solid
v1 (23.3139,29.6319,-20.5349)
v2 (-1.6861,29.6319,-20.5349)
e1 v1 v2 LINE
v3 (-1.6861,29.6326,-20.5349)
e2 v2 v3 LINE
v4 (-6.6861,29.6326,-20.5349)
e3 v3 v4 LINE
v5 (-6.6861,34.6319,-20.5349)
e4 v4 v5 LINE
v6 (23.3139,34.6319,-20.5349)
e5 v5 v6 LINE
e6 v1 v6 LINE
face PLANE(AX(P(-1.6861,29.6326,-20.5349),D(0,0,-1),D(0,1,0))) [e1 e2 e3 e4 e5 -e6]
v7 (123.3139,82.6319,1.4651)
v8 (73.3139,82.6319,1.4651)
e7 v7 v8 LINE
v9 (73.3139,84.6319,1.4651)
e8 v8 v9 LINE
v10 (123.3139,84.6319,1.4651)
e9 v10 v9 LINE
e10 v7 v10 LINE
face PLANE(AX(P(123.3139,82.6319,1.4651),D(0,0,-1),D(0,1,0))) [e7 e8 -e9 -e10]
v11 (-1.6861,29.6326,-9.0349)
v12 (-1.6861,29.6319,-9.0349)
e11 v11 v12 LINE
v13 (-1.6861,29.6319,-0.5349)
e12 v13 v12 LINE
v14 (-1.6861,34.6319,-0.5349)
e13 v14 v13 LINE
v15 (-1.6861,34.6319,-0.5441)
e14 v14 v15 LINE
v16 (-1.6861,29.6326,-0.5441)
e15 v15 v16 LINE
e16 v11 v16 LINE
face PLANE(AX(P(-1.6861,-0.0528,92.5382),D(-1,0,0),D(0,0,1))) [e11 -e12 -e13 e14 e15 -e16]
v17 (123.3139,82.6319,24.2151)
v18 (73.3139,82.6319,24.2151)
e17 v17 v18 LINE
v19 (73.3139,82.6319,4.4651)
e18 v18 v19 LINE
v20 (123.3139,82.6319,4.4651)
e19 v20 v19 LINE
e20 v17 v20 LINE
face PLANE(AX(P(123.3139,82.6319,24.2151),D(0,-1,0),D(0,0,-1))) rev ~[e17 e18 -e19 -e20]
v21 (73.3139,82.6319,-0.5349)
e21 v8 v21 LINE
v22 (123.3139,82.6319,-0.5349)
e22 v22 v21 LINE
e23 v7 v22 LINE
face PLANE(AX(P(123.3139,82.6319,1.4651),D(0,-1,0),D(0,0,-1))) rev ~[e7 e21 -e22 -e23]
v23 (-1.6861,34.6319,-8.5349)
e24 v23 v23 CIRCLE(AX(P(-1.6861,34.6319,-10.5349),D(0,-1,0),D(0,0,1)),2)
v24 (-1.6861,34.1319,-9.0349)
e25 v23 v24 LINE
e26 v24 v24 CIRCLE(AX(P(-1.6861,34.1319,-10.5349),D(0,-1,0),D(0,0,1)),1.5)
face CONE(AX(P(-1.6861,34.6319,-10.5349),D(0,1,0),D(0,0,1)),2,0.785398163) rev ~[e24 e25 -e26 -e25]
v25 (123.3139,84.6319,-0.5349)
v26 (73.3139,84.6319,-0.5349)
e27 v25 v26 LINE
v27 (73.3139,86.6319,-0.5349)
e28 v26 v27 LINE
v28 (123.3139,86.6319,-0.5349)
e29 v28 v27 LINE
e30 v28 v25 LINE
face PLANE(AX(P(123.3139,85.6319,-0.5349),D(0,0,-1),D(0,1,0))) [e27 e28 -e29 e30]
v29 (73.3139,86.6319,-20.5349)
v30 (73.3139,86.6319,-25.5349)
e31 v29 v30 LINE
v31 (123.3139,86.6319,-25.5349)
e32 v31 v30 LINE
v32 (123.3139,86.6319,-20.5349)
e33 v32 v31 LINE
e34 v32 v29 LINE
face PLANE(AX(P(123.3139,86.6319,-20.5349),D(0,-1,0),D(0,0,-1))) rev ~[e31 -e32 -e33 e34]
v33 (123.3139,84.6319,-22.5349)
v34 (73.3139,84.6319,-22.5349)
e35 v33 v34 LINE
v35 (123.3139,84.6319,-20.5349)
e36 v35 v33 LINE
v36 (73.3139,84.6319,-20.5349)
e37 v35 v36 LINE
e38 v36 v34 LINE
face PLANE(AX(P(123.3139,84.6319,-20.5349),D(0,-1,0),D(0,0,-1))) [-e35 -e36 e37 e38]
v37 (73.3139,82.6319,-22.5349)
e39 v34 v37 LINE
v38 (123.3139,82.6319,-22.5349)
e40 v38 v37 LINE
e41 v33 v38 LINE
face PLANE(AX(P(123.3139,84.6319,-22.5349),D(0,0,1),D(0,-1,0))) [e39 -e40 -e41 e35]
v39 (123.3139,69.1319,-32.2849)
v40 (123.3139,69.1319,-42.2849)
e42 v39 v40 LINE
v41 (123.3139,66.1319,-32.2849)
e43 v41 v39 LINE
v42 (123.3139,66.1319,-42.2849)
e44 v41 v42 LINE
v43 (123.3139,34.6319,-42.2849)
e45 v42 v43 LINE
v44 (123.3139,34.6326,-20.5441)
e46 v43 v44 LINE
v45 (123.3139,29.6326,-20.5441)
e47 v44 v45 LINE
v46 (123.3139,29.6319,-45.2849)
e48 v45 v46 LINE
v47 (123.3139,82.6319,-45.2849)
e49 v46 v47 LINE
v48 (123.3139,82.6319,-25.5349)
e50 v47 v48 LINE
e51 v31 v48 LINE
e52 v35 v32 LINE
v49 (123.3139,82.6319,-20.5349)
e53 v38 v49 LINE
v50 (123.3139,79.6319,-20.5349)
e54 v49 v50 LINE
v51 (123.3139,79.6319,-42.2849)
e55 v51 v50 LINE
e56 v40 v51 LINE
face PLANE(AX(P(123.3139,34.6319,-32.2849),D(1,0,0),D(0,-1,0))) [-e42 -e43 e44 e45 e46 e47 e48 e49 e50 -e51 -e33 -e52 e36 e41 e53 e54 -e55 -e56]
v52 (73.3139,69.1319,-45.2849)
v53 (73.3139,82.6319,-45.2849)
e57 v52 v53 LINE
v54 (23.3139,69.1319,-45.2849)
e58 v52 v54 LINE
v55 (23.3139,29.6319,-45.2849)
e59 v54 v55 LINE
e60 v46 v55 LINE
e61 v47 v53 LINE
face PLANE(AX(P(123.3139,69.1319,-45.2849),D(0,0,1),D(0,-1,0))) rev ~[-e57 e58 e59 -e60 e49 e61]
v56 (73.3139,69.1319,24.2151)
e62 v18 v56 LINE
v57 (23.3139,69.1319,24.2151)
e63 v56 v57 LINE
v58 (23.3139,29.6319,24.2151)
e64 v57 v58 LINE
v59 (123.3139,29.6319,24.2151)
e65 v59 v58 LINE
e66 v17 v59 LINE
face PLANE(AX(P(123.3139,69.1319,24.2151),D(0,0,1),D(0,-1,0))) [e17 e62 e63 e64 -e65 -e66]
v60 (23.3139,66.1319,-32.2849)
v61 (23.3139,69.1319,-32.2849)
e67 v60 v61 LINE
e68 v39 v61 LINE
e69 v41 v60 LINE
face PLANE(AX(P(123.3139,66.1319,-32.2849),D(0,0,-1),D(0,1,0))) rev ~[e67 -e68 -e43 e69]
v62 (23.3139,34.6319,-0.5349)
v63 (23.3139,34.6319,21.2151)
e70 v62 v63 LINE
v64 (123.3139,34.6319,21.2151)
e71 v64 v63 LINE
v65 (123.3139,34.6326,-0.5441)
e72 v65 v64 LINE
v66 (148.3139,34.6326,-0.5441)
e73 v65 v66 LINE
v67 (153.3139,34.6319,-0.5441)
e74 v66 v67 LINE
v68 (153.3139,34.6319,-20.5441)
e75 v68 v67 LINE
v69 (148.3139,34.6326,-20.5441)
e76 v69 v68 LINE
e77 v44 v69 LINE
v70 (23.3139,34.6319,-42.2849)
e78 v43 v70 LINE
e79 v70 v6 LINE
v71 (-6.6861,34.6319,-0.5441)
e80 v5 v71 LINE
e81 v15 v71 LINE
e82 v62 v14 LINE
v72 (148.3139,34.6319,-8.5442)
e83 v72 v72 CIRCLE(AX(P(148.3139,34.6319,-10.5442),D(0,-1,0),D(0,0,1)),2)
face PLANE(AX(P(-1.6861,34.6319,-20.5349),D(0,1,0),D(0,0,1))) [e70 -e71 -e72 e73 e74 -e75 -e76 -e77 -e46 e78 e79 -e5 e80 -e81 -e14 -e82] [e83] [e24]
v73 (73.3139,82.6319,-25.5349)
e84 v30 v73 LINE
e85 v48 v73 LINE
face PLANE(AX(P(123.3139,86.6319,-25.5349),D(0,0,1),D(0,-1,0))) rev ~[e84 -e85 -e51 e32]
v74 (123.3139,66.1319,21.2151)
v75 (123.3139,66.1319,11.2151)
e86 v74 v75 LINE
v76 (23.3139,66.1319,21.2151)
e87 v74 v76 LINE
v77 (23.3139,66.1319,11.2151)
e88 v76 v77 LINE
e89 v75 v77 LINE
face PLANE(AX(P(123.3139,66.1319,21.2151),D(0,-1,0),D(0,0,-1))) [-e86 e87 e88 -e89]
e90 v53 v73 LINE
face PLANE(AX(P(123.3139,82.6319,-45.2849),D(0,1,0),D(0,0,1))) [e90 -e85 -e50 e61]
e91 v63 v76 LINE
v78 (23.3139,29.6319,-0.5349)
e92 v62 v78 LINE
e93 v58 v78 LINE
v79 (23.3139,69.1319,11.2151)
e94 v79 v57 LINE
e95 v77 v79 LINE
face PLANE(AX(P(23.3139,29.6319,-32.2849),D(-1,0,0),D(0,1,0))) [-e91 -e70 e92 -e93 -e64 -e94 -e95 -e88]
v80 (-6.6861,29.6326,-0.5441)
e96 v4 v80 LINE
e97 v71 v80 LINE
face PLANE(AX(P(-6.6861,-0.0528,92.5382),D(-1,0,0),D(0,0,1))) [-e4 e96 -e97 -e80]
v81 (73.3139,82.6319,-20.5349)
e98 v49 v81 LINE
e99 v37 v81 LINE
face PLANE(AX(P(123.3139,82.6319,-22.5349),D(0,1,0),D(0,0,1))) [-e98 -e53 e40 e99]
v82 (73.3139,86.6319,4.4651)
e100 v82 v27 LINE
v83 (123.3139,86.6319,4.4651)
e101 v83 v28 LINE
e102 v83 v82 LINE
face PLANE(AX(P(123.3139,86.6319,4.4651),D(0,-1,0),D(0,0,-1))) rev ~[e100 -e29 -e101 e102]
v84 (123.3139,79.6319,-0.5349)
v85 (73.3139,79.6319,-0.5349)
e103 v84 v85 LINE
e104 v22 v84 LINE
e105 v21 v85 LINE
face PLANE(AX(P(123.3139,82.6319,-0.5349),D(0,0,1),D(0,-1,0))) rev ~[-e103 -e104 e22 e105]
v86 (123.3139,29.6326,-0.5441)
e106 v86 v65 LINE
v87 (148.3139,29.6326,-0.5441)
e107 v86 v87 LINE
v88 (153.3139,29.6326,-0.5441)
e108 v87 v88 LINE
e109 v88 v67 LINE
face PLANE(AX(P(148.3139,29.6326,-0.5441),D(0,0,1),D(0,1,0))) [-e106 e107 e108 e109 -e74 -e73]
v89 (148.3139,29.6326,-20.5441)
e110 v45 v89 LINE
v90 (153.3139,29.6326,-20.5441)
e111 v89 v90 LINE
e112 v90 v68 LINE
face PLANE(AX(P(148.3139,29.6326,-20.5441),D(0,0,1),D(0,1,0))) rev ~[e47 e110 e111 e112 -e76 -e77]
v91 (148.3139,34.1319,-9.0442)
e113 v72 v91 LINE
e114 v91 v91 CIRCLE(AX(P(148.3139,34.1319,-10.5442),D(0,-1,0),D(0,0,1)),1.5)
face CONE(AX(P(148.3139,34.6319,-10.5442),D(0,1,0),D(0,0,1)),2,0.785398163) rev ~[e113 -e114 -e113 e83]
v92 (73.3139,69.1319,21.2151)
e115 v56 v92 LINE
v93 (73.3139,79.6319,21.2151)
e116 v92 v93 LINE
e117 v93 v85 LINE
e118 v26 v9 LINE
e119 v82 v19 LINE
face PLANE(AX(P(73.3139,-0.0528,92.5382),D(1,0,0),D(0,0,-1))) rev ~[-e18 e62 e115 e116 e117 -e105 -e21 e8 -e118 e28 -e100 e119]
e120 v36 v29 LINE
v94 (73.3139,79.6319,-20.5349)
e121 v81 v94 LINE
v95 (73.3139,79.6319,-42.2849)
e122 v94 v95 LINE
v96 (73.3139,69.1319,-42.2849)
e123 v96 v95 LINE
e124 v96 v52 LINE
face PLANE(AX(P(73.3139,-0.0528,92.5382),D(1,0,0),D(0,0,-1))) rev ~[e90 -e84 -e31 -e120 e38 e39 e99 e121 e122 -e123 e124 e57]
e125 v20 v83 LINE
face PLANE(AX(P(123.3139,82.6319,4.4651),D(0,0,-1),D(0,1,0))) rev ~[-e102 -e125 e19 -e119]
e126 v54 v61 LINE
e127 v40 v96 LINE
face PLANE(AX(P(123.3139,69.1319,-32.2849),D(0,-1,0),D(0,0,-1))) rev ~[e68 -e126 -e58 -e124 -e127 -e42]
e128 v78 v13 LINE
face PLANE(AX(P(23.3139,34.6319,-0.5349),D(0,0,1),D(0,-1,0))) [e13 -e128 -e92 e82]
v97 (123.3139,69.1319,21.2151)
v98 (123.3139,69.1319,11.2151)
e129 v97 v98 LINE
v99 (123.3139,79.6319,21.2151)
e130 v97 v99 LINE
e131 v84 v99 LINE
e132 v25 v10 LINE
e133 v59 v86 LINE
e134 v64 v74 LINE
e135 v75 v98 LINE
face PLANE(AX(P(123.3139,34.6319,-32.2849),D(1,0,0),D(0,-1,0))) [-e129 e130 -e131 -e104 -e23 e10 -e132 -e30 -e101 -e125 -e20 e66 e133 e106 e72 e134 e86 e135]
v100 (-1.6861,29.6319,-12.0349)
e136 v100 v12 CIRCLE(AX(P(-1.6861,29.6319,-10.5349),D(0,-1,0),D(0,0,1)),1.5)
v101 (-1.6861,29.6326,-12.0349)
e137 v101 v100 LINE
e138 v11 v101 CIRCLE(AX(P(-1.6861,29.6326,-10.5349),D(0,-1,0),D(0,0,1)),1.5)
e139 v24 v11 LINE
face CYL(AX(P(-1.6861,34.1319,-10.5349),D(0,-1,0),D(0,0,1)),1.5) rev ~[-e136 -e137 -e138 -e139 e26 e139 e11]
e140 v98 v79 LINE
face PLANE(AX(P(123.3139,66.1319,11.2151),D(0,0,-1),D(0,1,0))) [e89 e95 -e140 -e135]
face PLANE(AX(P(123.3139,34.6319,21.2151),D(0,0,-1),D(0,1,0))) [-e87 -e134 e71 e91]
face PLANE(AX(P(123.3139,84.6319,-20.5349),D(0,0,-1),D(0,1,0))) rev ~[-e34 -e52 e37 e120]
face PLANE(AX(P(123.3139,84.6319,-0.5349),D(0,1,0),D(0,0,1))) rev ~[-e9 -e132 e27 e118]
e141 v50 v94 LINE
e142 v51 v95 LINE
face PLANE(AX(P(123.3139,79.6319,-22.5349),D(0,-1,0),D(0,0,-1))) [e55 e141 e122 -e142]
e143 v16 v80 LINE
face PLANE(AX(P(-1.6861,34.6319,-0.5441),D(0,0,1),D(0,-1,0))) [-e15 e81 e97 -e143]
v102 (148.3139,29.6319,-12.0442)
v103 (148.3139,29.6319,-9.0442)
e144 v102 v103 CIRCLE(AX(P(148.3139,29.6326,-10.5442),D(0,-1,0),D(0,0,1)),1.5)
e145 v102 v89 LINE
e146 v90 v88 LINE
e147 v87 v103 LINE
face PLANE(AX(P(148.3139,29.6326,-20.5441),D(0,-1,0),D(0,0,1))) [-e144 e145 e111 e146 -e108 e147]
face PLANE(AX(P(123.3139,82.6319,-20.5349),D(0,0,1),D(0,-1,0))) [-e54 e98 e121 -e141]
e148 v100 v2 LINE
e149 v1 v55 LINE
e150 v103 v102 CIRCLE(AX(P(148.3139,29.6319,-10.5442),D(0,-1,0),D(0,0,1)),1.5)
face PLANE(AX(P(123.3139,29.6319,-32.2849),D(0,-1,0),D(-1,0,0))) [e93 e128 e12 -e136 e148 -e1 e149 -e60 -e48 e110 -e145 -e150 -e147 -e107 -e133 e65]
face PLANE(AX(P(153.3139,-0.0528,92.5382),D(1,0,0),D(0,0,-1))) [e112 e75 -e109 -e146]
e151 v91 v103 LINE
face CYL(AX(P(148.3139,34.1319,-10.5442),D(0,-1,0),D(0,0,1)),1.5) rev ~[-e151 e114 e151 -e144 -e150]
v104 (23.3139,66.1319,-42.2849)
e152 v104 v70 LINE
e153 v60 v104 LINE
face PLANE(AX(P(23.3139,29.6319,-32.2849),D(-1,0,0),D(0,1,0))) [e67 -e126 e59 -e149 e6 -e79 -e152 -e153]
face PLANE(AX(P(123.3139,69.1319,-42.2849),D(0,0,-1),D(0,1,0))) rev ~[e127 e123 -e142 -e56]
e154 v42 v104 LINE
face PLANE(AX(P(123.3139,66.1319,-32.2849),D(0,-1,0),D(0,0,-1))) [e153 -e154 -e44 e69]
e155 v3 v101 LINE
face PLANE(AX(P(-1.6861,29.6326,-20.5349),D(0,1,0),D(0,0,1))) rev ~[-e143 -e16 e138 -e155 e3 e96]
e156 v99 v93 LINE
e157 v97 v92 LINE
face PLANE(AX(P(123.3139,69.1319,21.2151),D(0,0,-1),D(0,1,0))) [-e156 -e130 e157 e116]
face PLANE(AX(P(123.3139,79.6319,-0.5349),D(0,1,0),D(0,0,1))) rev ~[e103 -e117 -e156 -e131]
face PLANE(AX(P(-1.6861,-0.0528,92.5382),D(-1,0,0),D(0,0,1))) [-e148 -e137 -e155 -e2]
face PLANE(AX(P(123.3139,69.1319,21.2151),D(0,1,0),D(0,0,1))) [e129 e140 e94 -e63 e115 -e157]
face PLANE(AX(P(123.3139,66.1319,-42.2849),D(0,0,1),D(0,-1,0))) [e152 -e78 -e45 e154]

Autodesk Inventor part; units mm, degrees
ref_plane "YZ Plane" through (0, 0, 0) normal (1, 0, 0) x (0, 1, 0)
ref_plane "Piano di lavoro9" through (123.3139, -0.0528, 92.5382) normal (1, 0, 0) x (0, 0, -1)
sketch "Schizzo5" plane through (123.3139, -0.0528, 92.5382) normal (1, 0, 0) x (0, 0, -1)
  line L0 (71.3231, 66.1847) -> (134.8231, 66.1847)
  line L1 (134.8231, 66.1847) -> (134.8231, 34.6847)
  line L2 (134.8231, 34.6847) -> (71.3231, 34.6847)
  line L3 (71.3231, 34.6847) -> (71.3231, 66.1847)
  line L4 (71.3231, 34.6847) -> (81.3231, 34.6847)
  line L5 (81.3231, 34.6847) -> (81.3231, 29.6847)
  line L6 (81.3231, 29.6847) -> (71.3231, 29.6847)
  line L7 (134.8231, 34.6847) -> (124.8231, 34.6847)
  line L8 (124.8231, 34.6847) -> (124.8231, 29.6847)
  line L9 (124.8231, 29.6847) -> (134.8231, 29.6847)
  line L10 (71.3231, 66.1847) -> (81.3231, 66.1847)
  line L11 (81.3231, 66.1847) -> (81.3231, 69.1847)
  line L12 (81.3231, 69.1847) -> (71.3231, 69.1847)
  line L13 (134.8231, 66.1847) -> (124.8231, 66.1847)
  line L14 (124.8231, 66.1847) -> (124.8231, 69.1847)
  line L15 (124.8231, 69.1847) -> (134.8231, 69.1847)
  line L16 (71.3231, 69.1847) -> (68.3231, 69.1847)
  line L17 (68.3231, 69.1847) -> (68.3231, 29.6847)
  line L18 (68.3231, 29.6847) -> (71.3231, 29.6847)
  line L19 (71.3231, 34.6847) -> (71.3231, 66.1847)
  line L20 (134.8231, 69.1847) -> (137.8231, 69.1847)
  line L21 (137.8231, 69.1847) -> (137.8231, 29.6847)
  line L22 (137.8231, 29.6847) -> (134.8231, 29.6847)
  point P0 (92.5382, 0.0528)
  dimension "d18" = 63.5
  dimension "d19" = 31.5
  dimension "d20" = 10
  dimension "d21" = 5
  dimension "d22" = 10
  dimension "d23" = 5
  dimension "d24" = 10
  dimension "d25" = 3
  dimension "d26" = 10
  dimension "d27" = 3
  dimension "d28" = 3
  dimension "d29" = 3
extrude "Estrusione3" add sketch "Schizzo5" against normal blind 100 contours L3 L2 L5 L6 L18 L17 L16 L12 L11 L0 | L14 L15 L20 L21 L22 L9 L8 L2 L1 L0
ref_plane "Piano di lavoro11" through (123.3139, -0.0528, 92.5382) normal (1, 0, 0) x (0, 0, -1)
sketch "Schizzo6" plane through (123.3139, -0.0528, 92.5382) normal (1, 0, 0) x (0, 0, -1)
  line L0 (71.3231, 66.1847) -> (81.3231, 66.1847) projected
  line L1 (81.3231, 34.6847) -> (71.3231, 34.6847) projected
  line L2 (81.3231, 29.6847) -> (81.3231, 34.6847) projected
  line L3 (134.8231, 66.1847) -> (134.8231, 34.6847) projected
  line L4 (71.3231, 34.6847) -> (71.3231, 66.1847) projected
  line L5 (68.3231, 99.6847) -> (137.155, 99.6847)
  line L6 (124.8231, 69.1847) -> (137.8231, 69.1847) projected
  line L7 (137.8231, 69.1847) -> (134.8231, 69.1847)
  line L8 (134.8231, 69.1847) -> (134.8231, 79.6847)
  line L9 (137.8231, 79.6847) -> (137.8231, 69.1847)
  line L10 (71.3231, 69.1847) -> (71.3231, 79.6847)
  line L11 (68.3231, 79.6847) -> (68.3231, 69.1847)
  line L12 (115.0731, 79.6847) -> (134.8231, 79.6847)
  line L13 (137.8231, 79.6847) -> (137.8231, 82.6847)
  line L14 (137.8231, 82.6847) -> (118.0731, 82.6847)
  line L15 (91.0731, 79.6847) -> (71.3231, 79.6847)
  line L16 (68.3231, 79.6847) -> (68.3231, 82.6847)
  line L17 (68.3231, 82.6847) -> (88.0731, 82.6847)
  line L18 (91.0731, 82.6847) -> (93.0731, 82.6847)
  line L19 (93.0731, 82.6847) -> (93.0731, 79.6847)
  line L20 (93.0731, 79.6847) -> (91.0731, 79.6847)
  line L21 (115.0731, 82.6847) -> (113.0731, 82.6847)
  line L22 (113.0731, 82.6847) -> (113.0731, 79.6847)
  line L23 (113.0731, 79.6847) -> (115.0731, 79.6847)
  line L24 (91.0731, 82.6847) -> (91.0731, 84.6847)
  line L25 (88.0731, 82.6847) -> (88.0731, 85.6847)
  line L26 (93.0731, 85.6847) -> (93.0731, 84.6847)
  line L27 (93.0731, 84.6847) -> (91.0731, 84.6847)
  line L28 (113.0731, 84.6847) -> (115.0731, 84.6847)
  line L29 (93.0731, 85.6847) -> (93.0731, 86.6847)
  line L30 (88.0731, 85.6847) -> (88.0731, 86.6847)
  line L31 (88.0731, 86.6847) -> (93.0731, 86.6847)
  line L32 (113.0731, 84.6847) -> (113.0731, 86.6847)
  line L33 (113.0731, 86.6847) -> (118.0731, 86.6847)
  line L34 (118.0731, 86.6847) -> (118.0731, 82.6847)
  line L35 (115.0731, 84.6847) -> (115.0731, 82.6847)
  line L36 (68.3231, 69.1847) -> (81.3231, 69.1847) projected
  line L37 (71.3231, 69.1847) -> (68.3231, 69.1847)
  point P0 (92.5382, 0.0528)
  point P1 (68.3231, 29.6847)
  dimension "d32" = 70
  dimension "d33" = 31.5
  dimension "d35" = 63.5
  dimension "d37" = 3
  dimension "d38" = 10.5
  dimension "d39" = 3
  dimension "d40" = 10.5
  dimension "d43" = 3
  dimension "d44" = 3
  dimension "d45" = 2
  dimension "d46" = 2
  dimension "d47" = 2
  dimension "d50" = 2
  dimension "d54" = 2
  dimension "d55" = 4
  dimension "d56" = 5
  dimension "d57" = 2
  dimension "d58" = 2
  dimension "d59" = 5
extrude "Estrusione4" add sketch "Schizzo6" against normal blind 50
sketch "Schizzo7" plane through (123.3139, 29.6319, -32.2849) normal (0, 0, 1) x (1, 0, 0)
  line L0 (0, 5) -> (0, 0) projected
  line L1 (0, 5) -> (-100, 5) projected
  line L2 (-100, 0) -> (-100, 5) projected
  line L3 (0, 0) -> (-100, 0) projected
  point P0 (-123.3139, -29.6319)
extrude "Estrusione5" add sketch "Schizzo7" along normal blind 47.25
sketch "Schizzo8" plane through (123.3139, -0.0528, 92.5382) normal (1, 0, 0) x (0, 0, -1)
  line L0 (71.3231, 66.1847) -> (71.3231, 34.6847) projected
  line L1 (71.3231, 34.6847) -> (65.0934, 34.6847)
  line L2 (134.8231, 34.6847) -> (141.848, 34.6847)
  line L3 (137.8231, 29.6847) -> (137.8231, 82.6847) projected
  line L4 (68.3231, 29.6847) -> (68.3231, 69.1847) projected
  line L5 (137.8231, 34.6847) -> (68.3231, 34.6847)
  line L6 (68.3231, 34.6847) -> (68.3231, 29.6797)
  line L7 (137.8231, 29.6797) -> (137.8231, 34.6847)
  line L8 (68.3231, 29.6847) -> (137.86, 29.6847)
  line L9 (93.0823, 34.6854) -> (113.0823, 34.6854)
  line L10 (113.0823, 34.6854) -> (113.0823, 29.6854)
  line L11 (113.0823, 29.6854) -> (93.0823, 29.6854)
  line L12 (93.0823, 29.6854) -> (93.0823, 34.6854)
  line L13 (113.0823, 34.6854) -> (93.0823, 34.6854)
  line L14 (93.0823, 34.6854) -> (93.0823, 29.6854)
  line L15 (93.0823, 29.6854) -> (113.0823, 29.6854)
  line L16 (113.0823, 29.6854) -> (113.0823, 34.6854)
  point P0 (92.5382, 0.0528)
  point P1 (103.0823, 32.1854)
  point P2 (103.0823, 32.1854)
  point P3 (113.0823, 34.6847)
  point P4 (93.0823, 34.6847)
  dimension "d82" = 20
  dimension "d83" = 5
extrude "Estrusione6" add sketch "Schizzo8" along normal blind 25 contours L5 L10 L8 L12
sketch "Schizzo9" plane through (23.3139, -0.0528, 92.5382) normal (-1, 0, 0) x (0, 0, 1)
  line L0 (-71.3231, 66.1847) -> (-71.3231, 34.6847) projected
  line L1 (-71.3231, 34.6847) -> (-67.9708, 34.6847)
  line L2 (-68.3231, 82.6847) -> (-68.3231, 29.6847) projected
  line L3 (-68.3231, 29.6847) -> (-137.8231, 29.6847) projected
  line L4 (-68.3231, 34.6847) -> (-137.8231, 34.6847)
  line L5 (-137.8231, 34.6847) -> (-137.8231, 29.6847)
  line L6 (-137.8231, 29.6847) -> (-68.3231, 29.6847)
  line L7 (-68.3231, 29.6847) -> (-68.3231, 34.6847)
  line L8 (-113.0731, 34.6847) -> (-93.0731, 34.6847)
  line L9 (-93.0731, 34.6847) -> (-93.0731, 29.6847)
  line L10 (-93.0731, 29.6847) -> (-113.0731, 29.6847)
  line L11 (-113.0731, 29.6847) -> (-113.0731, 34.6847)
  point P0 (-92.5382, 0.0528)
  point P1 (-103.0731, 32.1847)
  point P2 (-103.0731, 32.1847)
  dimension "d86" = 20
  dimension "d87" = 5
extrude "Estrusione7" add sketch "Schizzo9" along normal blind 25 contours L9 L3 L11 L4
sketch "Schizzo10" plane through (23.3139, 34.6319, 21.2151) normal (0, 1, 0) x (1, 0, 0)
  line L0 (-25, 21.75) -> (-25, 41.75) projected
  line L1 (-25, 31.75) -> (-20, 31.75)
  circle A0 centre (-20, 31.75) radius 0.5
  line L2 (125, 41.7592) -> (125, 21.7592) projected
  line L3 (125, 31.7592) -> (120, 31.7592)
  circle A1 centre (120, 31.7592) radius 0.5
  point P0 (-23.3139, 21.2151)
  dimension "d90" = 5
  dimension "d91" = 1
  dimension "d92" = 5
  dimension "d93" = 1
sketch "Schizzo11" plane through (148.3139, -0.0528, 92.5382) normal (1, 0, 0) x (0, 0, -1)
  line L0 (113.0823, 34.6847) -> (93.0823, 34.6847) projected
  line L1 (113.0823, 29.6854) -> (113.0823, 34.6847) projected
  line L2 (93.0823, 34.6847) -> (113.0823, 34.6847)
  line L3 (113.0823, 34.6847) -> (113.0823, 29.6854)
  line L4 (113.0823, 29.6854) -> (93.0823, 29.6854)
  line L5 (93.0823, 29.6854) -> (93.0823, 34.6847)
  point P0 (92.5382, 0.0528)
extrude "Estrusione8" add sketch "Schizzo11" along normal blind 5
sketch "Schizzo12" plane through (-1.6861, -0.0528, 92.5382) normal (-1, 0, 0) x (0, 0, 1)
  line L0 (-113.0731, 34.6847) -> (-134.8231, 34.6847) projected
  line L1 (-113.0823, 29.6854) -> (-93.0823, 29.6854) projected
  line L2 (-113.0731, 34.6847) -> (-93.0823, 34.6847)
  line L3 (-93.0823, 34.6847) -> (-93.0823, 29.6854)
  line L4 (-93.0823, 29.6854) -> (-113.0731, 29.6854)
  line L5 (-113.0731, 29.6854) -> (-113.0731, 34.6847)
  point P0 (-92.5382, 0.0528)
extrude "Estrusione9" add sketch "Schizzo12" along normal blind 5
hole "Foro3" at (-1.6861, 34.6319, -10.5349) direction (0, -1, 0) diameter 3 end through all countersink diameter 4 countersink angle 90
sketch "Schizzo13" plane through (23.3139, 34.6319, 21.2151) normal (0, 1, 0) x (1, 0, 0)
  line L0 (130, 41.7592) -> (130, 21.7592) projected
  line L1 (130, 31.7592) -> (125, 31.7592)
  point P0 (-23.3139, 21.2151)
  dimension "d133" = 5
hole "Foro4" at (148.3139, 34.6319, -10.5442) direction (0, -1, 0) diameter 3 end through all countersink diameter 4 countersink angle 90
properties part number "pignat_2_Stampa 3D"
